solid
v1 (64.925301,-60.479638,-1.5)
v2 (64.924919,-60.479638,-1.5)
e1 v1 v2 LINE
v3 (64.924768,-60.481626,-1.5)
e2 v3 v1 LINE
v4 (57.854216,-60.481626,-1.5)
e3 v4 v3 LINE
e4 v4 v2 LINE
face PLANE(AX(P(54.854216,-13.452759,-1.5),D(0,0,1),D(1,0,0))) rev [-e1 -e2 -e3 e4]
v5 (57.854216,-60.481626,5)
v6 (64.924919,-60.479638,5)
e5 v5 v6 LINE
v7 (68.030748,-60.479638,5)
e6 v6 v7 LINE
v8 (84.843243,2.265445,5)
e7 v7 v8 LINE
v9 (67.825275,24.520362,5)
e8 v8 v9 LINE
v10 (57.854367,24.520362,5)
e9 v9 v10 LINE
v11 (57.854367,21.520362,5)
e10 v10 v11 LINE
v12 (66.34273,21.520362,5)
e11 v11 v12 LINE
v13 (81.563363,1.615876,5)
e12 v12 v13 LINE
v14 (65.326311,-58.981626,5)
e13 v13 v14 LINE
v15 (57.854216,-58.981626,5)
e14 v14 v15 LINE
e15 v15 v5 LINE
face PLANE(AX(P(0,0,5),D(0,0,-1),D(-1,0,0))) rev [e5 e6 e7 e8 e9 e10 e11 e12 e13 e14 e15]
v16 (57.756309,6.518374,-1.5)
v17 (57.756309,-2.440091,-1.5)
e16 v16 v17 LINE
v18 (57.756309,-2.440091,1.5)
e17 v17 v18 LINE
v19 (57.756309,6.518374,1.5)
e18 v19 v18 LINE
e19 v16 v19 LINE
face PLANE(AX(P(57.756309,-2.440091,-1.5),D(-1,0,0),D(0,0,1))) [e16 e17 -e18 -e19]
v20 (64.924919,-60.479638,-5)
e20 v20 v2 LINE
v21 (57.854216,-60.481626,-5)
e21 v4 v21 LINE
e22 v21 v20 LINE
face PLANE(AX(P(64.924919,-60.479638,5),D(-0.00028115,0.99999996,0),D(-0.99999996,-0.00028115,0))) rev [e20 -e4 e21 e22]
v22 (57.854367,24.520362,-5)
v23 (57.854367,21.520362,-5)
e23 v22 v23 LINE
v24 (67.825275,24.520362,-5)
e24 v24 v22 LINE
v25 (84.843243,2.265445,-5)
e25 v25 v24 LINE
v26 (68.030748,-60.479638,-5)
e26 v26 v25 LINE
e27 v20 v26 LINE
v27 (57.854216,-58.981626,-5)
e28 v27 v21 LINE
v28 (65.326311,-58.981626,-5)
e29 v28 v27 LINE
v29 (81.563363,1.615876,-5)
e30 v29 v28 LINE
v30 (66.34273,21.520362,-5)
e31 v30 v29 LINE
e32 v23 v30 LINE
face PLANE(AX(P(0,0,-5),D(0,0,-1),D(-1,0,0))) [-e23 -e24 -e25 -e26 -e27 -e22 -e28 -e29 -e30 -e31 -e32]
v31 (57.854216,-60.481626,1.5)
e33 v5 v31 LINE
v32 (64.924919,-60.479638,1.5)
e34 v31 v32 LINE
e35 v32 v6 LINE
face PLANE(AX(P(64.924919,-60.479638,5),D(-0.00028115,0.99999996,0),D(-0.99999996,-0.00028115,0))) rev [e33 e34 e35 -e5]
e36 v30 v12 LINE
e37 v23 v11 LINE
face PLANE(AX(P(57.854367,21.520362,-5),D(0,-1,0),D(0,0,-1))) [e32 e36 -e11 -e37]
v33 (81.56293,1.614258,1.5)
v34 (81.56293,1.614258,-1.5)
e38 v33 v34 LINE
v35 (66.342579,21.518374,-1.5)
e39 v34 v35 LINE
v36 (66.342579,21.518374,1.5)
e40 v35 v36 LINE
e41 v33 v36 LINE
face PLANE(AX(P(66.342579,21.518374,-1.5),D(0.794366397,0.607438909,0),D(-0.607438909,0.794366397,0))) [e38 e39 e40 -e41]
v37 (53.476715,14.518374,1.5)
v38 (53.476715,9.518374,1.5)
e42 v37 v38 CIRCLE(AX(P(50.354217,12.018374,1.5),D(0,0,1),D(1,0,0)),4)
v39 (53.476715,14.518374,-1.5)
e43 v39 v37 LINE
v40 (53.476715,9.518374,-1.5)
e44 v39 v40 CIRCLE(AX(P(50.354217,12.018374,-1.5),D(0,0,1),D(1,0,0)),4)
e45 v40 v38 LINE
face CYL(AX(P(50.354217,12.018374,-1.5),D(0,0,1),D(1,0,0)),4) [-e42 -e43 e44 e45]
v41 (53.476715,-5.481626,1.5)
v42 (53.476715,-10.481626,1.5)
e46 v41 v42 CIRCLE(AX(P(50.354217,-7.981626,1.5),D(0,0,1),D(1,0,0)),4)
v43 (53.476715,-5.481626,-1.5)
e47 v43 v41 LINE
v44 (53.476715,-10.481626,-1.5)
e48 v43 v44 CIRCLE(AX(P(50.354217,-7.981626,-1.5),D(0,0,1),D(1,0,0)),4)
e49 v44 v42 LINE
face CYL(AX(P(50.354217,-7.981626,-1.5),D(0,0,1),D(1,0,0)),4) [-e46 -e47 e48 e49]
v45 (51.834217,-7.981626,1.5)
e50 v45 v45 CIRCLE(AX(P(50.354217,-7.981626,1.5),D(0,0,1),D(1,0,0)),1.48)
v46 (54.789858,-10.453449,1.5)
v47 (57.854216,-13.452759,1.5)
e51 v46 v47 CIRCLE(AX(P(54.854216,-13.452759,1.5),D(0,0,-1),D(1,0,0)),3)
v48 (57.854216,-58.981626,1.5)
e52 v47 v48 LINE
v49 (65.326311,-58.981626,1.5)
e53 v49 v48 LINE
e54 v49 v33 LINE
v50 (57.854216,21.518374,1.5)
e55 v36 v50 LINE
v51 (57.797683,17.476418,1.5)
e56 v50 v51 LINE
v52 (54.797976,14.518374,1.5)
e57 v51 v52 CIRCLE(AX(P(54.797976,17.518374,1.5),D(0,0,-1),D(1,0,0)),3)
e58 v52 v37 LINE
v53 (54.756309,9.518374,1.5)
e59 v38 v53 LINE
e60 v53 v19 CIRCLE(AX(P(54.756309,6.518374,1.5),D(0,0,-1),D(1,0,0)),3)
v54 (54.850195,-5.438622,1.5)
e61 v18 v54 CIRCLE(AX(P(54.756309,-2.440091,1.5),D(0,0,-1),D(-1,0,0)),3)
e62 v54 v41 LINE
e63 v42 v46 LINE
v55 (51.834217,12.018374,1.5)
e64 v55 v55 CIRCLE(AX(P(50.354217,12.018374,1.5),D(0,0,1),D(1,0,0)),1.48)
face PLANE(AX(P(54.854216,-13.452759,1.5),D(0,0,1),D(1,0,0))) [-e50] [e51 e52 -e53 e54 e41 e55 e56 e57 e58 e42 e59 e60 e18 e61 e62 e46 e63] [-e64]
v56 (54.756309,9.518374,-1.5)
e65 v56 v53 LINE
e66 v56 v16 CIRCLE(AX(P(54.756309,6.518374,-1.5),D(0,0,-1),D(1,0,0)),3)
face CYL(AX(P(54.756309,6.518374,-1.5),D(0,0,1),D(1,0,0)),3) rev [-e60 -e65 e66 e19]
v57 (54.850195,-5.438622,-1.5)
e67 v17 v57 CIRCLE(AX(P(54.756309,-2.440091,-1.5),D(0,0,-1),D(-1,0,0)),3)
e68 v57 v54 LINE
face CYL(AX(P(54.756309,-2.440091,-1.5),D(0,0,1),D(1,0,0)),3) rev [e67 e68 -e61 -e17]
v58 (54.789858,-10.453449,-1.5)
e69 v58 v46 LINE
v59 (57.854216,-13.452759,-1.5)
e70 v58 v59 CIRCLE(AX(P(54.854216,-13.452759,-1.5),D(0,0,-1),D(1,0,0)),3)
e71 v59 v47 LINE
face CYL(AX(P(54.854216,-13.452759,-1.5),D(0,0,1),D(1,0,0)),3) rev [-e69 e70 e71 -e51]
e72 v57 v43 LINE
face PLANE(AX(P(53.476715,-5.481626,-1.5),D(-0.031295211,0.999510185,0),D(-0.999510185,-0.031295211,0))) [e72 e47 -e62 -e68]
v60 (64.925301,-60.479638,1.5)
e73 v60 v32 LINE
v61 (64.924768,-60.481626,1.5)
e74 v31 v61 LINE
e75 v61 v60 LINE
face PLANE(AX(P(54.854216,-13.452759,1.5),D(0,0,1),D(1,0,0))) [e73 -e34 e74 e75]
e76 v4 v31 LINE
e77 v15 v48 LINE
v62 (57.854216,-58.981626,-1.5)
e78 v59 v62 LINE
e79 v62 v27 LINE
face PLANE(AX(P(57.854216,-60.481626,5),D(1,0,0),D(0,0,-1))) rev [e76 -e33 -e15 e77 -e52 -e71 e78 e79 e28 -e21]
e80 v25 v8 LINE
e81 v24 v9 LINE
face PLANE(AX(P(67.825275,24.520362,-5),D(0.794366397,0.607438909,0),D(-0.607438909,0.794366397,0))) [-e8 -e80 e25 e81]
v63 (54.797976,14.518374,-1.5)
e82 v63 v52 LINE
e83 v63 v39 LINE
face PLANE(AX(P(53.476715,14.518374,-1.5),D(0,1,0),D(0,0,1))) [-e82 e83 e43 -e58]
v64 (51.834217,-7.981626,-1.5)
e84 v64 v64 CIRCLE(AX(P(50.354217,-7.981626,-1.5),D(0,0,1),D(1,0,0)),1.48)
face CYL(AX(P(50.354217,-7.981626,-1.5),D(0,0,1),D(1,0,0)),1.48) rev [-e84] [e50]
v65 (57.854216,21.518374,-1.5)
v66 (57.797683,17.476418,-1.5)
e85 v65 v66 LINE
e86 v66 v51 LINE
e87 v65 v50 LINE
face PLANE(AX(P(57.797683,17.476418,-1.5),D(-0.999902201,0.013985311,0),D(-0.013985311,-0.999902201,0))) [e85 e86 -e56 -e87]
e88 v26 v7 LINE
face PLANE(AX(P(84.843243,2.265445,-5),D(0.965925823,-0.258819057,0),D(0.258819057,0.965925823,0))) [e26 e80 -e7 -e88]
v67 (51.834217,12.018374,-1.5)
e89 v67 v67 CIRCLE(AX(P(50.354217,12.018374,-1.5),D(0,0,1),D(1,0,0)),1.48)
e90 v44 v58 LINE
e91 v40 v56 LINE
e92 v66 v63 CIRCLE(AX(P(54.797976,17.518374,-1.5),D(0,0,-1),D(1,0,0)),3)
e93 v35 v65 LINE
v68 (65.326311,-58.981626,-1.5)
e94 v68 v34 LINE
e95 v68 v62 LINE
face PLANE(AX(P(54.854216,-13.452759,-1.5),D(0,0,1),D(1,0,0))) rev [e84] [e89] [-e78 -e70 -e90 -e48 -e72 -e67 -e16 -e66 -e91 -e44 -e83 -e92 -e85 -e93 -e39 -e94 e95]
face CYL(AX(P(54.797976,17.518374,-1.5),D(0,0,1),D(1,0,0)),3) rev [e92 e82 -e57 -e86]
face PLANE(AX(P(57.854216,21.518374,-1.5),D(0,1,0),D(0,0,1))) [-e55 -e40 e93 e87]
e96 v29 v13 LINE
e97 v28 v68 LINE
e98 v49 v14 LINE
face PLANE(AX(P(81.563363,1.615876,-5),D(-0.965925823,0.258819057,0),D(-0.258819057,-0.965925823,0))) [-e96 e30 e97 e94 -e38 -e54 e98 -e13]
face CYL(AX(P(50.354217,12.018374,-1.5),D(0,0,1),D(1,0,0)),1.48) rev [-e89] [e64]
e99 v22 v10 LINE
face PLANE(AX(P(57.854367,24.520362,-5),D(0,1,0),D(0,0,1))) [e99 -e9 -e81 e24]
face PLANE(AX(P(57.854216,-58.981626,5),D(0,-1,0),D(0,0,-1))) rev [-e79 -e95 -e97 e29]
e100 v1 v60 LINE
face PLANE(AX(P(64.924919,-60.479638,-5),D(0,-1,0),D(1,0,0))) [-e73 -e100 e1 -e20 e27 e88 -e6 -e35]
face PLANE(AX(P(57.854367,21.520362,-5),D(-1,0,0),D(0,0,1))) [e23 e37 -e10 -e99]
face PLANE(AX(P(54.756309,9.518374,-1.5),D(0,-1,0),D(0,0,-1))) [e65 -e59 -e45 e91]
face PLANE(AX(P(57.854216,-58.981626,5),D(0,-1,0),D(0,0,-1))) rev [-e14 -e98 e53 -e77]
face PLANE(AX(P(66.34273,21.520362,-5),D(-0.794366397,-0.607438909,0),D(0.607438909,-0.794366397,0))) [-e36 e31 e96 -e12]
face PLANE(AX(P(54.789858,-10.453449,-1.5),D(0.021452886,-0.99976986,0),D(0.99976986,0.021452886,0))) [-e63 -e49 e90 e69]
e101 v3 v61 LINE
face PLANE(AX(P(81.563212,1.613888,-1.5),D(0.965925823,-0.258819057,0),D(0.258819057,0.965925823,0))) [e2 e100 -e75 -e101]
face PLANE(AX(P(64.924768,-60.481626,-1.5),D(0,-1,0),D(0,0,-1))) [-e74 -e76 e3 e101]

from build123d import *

# Parameters (mm, degrees)
BOSS_EXTRUDE4_DEPTH      = 5
BOSS_EXTRUDE4_DEPTH_BACK = 5
BOSS_EXTRUDE8_DEPTH      = 1.5
BOSS_EXTRUDE8_DEPTH_BACK = 1.5
BOSS_EXTRUDE9_START      = -6.5
BOSS_EXTRUDE9_DEPTH      = 10
SKETCH7_R                = 1.48
CUT_EXTRUDE4_DEPTH       = 3
SKETCH8_R                = 1.48
CUT_EXTRUDE5_DEPTH       = 3


with BuildPart() as part:
    # Sketch1 → Boss-Extrude4 (new, two sides: drawn at the far end of the back side and taken through both)
    with BuildSketch(Plane.XY.offset(-BOSS_EXTRUDE4_DEPTH_BACK)):
        Polygon((57.854367278, 21.520362054), (66.342730398, 21.520362054), (81.563363175, 1.615876121), (64.92491937, -60.479638348), (68.030747921, -60.479638348), (84.843243231, 2.265445145), (67.825274573, 24.520362054), (57.854367278, 24.520362054), align=None)
    extrude(amount=BOSS_EXTRUDE4_DEPTH + BOSS_EXTRUDE4_DEPTH_BACK)



with BuildPart() as body_2:
    # Sketch4 → Boss-Extrude8 (new, two sides: drawn at the far end of the back side and taken through both)
    with BuildSketch(Plane.XY.offset(-BOSS_EXTRUDE8_DEPTH_BACK)):
        with BuildLine():
            Line((57.854216238, 21.518374124), (66.342579359, 21.518374124))
            Line((66.342579359, 21.518374124), (81.563212135, 1.613888191))
            Line((81.563212135, 1.613888191), (64.92476833, -60.481626279))
            Line((64.92476833, -60.481626279), (57.854216238, -60.481626279))
            Line((57.854216238, -60.481626279), (57.854216238, -13.452758872))
            ThreePointArc((57.854216238, -13.452758872), (56.952658997, -11.308805051), (54.789857581, -10.453449291))
            Line((54.789857581, -10.453449291), (53.476715385, -10.481626465))
            ThreePointArc((53.476715385, -10.481626465), (46.354216528, -7.981626288), (53.476715385, -5.481626111))
            Line((53.476715385, -5.481626111), (54.850195116, -5.438621709))
            ThreePointArc((54.850195116, -5.438621709), (56.910567696, -4.527954069), (57.756309483, -2.440091154))
            Line((57.756309483, -2.440091154), (57.756309483, 6.518373554))
            ThreePointArc((57.756309483, 6.518373554), (56.877629826, 8.639693897), (54.756309483, 9.518373554))
            Line((54.756309483, 9.518373554), (53.476715385, 9.518373554))
            ThreePointArc((53.476715385, 9.518373554), (46.354216528, 12.018373731), (53.476715385, 14.518373908))
            Line((53.476715385, 14.518373908), (54.797976093, 14.518373908))
            ThreePointArc((54.797976093, 14.518373908), (56.904410545, 15.382271406), (57.797682695, 17.476417975))
            Line((57.797682695, 17.476417975), (57.854216238, 21.518374124))
        make_face()
    extrude(amount=BOSS_EXTRUDE8_DEPTH + BOSS_EXTRUDE8_DEPTH_BACK)


with BuildPart() as part_1:
    add(part.part)

    add(body_2.part)  # Boss-Extrude9 merges body 2
    # Sketch6 → Boss-Extrude9 (add)
    with BuildSketch(Plane.XY.offset(1.5).offset(BOSS_EXTRUDE9_START)):
        Polygon((57.854216238, -60.481626279), (57.854216238, -58.981626279), (65.326692139, -58.981626279), (64.92491937, -60.479638348), align=None)
    extrude(amount=BOSS_EXTRUDE9_DEPTH)

    # Sketch7 → Cut-Extrude4 (cut)
    with BuildSketch(Plane.XY.offset(1.5)):
        with Locations((50.354216528, -7.981626288)):
            Circle(SKETCH7_R)
    extrude(amount=-CUT_EXTRUDE4_DEPTH, mode=Mode.SUBTRACT)

    # Sketch8 → Cut-Extrude5 (cut)
    with BuildSketch(Plane.XY.offset(1.5)):
        with Locations((50.354216528, 12.018373731)):
            Circle(SKETCH8_R)
    extrude(amount=-CUT_EXTRUDE5_DEPTH, mode=Mode.SUBTRACT)


solid = part_1.part
